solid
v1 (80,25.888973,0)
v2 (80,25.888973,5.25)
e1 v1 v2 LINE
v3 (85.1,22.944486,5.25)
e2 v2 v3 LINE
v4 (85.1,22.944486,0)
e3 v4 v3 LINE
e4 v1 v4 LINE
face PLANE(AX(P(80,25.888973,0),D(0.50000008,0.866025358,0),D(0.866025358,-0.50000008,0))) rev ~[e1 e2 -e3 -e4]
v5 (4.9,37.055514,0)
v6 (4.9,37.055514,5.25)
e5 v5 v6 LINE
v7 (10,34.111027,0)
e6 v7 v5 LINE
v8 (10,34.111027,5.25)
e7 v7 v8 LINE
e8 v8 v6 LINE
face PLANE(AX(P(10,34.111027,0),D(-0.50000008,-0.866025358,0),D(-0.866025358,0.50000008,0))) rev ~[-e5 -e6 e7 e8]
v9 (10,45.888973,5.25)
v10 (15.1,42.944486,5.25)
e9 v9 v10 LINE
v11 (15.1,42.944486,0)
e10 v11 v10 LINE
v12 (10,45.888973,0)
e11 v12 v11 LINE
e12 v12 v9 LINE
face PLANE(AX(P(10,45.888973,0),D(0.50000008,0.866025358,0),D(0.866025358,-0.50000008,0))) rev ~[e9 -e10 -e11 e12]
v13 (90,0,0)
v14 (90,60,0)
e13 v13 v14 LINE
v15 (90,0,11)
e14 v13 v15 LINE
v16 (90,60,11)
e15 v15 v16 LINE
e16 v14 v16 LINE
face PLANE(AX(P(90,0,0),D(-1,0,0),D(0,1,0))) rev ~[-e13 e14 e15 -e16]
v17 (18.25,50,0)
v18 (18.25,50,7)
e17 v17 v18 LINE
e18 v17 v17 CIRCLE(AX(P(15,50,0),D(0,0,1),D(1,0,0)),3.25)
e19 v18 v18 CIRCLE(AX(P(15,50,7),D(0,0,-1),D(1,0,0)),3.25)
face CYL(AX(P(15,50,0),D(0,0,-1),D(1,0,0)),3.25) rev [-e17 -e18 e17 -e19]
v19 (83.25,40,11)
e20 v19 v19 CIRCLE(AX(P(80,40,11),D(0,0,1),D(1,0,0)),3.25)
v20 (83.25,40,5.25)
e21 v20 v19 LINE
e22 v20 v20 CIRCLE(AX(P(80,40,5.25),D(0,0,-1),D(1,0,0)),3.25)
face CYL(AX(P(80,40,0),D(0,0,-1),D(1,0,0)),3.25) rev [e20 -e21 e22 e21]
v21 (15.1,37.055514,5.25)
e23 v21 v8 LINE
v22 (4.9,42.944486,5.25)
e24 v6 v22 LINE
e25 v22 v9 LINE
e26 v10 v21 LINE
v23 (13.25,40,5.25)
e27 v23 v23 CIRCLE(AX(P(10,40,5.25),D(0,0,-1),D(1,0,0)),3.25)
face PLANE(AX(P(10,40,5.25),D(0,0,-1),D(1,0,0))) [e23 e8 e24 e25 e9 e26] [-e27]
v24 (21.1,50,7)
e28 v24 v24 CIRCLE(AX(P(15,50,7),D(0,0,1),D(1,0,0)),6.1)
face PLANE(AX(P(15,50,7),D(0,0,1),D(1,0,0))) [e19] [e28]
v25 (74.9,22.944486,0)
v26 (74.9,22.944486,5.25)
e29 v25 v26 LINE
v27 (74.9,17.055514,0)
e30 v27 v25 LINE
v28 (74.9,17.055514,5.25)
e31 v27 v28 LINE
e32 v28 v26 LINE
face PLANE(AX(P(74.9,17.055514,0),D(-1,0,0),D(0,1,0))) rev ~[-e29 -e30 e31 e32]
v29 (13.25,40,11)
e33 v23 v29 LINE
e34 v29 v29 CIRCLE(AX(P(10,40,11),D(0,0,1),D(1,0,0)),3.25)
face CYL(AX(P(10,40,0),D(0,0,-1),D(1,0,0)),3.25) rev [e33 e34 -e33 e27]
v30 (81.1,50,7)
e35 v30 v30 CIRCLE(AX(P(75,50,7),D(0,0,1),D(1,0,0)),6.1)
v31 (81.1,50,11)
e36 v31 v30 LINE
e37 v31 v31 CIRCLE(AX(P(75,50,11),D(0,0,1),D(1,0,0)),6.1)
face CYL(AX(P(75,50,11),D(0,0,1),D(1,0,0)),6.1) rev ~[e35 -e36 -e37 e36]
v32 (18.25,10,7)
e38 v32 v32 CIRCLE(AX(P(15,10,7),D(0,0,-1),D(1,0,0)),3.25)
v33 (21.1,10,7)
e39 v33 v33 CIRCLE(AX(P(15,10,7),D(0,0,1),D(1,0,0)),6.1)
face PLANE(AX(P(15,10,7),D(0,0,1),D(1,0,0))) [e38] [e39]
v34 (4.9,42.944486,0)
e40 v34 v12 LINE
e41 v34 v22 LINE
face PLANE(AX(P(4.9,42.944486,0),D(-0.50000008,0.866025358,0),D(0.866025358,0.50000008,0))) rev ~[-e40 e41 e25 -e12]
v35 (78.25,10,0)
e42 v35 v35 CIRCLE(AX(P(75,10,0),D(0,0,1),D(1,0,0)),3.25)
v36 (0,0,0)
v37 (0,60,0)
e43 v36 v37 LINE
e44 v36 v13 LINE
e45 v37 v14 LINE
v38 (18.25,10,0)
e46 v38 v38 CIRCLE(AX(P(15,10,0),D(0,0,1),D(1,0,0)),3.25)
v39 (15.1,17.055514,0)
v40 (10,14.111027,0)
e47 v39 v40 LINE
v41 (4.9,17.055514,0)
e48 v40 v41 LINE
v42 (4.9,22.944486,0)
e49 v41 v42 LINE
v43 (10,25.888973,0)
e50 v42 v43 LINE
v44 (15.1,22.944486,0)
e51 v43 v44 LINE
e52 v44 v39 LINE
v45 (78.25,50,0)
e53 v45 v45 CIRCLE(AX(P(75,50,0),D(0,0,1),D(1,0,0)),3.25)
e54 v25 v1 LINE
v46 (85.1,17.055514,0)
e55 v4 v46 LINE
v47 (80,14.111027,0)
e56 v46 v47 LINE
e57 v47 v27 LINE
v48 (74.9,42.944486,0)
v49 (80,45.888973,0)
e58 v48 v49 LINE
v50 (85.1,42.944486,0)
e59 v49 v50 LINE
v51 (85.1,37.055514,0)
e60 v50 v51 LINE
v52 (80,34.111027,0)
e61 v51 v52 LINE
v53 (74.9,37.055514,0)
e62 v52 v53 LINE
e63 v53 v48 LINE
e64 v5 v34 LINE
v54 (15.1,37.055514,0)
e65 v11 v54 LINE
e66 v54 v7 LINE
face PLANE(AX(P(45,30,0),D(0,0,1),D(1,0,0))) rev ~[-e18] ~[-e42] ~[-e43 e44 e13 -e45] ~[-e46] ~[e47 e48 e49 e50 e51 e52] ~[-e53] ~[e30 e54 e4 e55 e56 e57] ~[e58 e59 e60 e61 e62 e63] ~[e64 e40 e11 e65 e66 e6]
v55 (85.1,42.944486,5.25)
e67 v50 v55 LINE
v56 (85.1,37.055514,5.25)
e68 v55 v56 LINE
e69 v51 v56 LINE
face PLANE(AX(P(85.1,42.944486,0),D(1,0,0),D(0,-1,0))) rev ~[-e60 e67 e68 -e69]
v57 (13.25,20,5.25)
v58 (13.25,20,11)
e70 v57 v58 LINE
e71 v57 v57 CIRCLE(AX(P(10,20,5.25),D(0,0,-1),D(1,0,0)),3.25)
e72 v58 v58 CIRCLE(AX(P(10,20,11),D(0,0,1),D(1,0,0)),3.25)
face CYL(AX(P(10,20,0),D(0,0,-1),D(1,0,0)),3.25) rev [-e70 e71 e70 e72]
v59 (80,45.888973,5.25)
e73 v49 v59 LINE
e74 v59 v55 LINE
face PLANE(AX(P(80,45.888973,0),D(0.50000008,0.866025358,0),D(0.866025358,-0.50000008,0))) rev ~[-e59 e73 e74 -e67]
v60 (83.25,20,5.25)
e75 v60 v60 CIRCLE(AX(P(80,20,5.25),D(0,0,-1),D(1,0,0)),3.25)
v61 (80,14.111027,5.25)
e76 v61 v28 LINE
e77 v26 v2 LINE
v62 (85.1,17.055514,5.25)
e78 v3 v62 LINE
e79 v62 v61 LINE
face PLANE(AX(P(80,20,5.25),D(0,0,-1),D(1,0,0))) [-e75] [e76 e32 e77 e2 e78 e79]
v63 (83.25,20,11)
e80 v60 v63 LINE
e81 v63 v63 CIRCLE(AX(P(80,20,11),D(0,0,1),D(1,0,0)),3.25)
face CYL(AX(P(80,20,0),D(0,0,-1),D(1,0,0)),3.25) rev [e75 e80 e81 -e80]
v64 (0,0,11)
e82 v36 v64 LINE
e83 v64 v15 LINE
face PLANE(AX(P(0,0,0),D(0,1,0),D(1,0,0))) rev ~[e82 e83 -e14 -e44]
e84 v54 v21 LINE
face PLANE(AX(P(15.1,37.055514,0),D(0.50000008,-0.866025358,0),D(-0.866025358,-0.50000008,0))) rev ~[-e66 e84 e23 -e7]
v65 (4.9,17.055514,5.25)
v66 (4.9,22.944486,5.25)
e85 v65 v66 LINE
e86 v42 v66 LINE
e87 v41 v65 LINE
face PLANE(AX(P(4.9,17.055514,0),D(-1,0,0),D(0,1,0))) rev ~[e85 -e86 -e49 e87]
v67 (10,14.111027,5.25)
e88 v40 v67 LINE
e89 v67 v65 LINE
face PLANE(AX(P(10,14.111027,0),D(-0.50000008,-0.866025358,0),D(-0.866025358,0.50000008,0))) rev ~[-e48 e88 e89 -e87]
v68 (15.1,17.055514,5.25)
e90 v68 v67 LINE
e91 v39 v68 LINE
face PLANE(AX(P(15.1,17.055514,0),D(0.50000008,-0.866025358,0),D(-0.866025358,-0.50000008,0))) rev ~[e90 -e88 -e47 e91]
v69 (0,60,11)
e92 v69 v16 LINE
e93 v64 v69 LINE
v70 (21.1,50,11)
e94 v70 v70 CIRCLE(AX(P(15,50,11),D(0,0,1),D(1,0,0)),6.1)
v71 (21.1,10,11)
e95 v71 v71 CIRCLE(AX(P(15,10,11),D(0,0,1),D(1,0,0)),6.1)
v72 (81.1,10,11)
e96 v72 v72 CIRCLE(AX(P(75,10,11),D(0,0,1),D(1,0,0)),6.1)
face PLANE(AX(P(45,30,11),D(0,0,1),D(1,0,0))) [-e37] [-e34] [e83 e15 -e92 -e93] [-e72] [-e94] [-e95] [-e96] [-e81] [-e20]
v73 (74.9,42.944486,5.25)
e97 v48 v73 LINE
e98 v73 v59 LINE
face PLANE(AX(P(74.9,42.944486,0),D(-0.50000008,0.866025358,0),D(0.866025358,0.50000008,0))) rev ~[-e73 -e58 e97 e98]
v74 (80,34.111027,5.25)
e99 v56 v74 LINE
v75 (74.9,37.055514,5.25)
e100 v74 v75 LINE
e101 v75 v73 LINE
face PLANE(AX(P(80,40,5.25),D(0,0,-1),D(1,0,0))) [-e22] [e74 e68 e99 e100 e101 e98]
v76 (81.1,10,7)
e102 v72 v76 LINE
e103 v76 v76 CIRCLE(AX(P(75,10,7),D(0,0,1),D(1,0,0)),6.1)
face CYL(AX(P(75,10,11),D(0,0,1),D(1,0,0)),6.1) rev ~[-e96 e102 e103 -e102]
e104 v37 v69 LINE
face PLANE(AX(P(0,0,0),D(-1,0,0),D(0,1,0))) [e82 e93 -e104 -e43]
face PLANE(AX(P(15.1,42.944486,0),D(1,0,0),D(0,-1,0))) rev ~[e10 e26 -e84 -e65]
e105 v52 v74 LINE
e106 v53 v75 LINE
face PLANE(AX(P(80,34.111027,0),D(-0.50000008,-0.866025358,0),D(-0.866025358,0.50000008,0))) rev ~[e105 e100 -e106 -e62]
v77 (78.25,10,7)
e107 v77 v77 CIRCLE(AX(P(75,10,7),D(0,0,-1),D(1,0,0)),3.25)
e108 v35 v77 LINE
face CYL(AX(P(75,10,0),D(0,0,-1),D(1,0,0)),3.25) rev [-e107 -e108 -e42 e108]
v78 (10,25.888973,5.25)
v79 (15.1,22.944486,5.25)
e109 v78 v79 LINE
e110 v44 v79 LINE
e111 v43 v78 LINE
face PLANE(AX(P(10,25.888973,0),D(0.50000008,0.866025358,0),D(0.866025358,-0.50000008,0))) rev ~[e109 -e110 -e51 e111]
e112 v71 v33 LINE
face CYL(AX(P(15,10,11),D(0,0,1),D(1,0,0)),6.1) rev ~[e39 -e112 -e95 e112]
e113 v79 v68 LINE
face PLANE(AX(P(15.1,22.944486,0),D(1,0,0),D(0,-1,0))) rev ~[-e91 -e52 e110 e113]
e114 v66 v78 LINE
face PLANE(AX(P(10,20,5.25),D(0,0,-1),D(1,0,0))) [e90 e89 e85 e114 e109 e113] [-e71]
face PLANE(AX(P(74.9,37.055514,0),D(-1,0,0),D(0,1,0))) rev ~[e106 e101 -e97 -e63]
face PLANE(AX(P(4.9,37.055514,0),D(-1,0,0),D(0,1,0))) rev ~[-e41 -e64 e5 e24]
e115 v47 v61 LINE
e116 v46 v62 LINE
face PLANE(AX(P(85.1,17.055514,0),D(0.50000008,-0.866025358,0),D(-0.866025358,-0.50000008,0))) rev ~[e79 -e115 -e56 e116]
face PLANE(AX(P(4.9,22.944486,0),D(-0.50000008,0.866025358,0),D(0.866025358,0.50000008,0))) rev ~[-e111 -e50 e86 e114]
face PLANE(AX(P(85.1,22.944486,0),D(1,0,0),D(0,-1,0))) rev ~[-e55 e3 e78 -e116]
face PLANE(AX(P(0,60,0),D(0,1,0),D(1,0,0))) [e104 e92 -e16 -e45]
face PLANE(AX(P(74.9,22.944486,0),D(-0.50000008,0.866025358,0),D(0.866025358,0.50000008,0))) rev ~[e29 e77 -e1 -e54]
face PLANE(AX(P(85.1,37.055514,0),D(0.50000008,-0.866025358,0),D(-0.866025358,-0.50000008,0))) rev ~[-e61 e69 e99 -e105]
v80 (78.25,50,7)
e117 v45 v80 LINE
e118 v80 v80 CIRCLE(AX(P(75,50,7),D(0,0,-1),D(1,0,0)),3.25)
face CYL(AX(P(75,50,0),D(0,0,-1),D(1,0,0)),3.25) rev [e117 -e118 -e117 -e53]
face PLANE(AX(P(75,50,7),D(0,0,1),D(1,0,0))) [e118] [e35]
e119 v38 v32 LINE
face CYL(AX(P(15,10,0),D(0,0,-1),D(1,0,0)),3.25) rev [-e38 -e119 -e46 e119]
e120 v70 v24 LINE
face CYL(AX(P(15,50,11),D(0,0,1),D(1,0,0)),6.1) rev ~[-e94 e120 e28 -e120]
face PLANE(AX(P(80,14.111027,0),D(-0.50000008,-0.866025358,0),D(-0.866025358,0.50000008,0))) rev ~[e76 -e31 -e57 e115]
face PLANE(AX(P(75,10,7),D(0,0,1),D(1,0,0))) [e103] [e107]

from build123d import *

# Parameters (mm, degrees)
SKETCH_W        = 90
SKETCH_H        = 60
SKETCH_R        = 3.25
PAD_DEPTH       = 11
SKETCH001_R     = 6.1
POCKET_DEPTH    = 4
POCKET001_DEPTH = 5.25


with BuildPart() as part:
    # Sketch → Pad (new body)
    with BuildSketch(Plane.XY):
        with Locations((45, 30)):
            Rectangle(SKETCH_W, SKETCH_H)
        with Locations((10, 40)):
            Circle(SKETCH_R, mode=Mode.SUBTRACT)
        with Locations((80, 40)):
            Circle(SKETCH_R, mode=Mode.SUBTRACT)
        with Locations((10, 20)):
            Circle(SKETCH_R, mode=Mode.SUBTRACT)
        with Locations((80, 20)):
            Circle(SKETCH_R, mode=Mode.SUBTRACT)
        with Locations((15, 50)):
            Circle(SKETCH_R, mode=Mode.SUBTRACT)
        with Locations((75, 50)):
            Circle(SKETCH_R, mode=Mode.SUBTRACT)
        with Locations((75, 10)):
            Circle(SKETCH_R, mode=Mode.SUBTRACT)
        with Locations((15, 10)):
            Circle(SKETCH_R, mode=Mode.SUBTRACT)
    extrude(amount=PAD_DEPTH)

    # Sketch001 (on Face14 of Pad) → Pocket (cut)
    with BuildSketch(Plane.XY.offset(11)):
        with Locations((15, 50)):
            Circle(SKETCH001_R)
        with Locations((75, 50)):
            Circle(SKETCH001_R)
        with Locations((75, 10)):
            Circle(SKETCH001_R)
        with Locations((15, 10)):
            Circle(SKETCH001_R)
    extrude(amount=-POCKET_DEPTH, mode=Mode.SUBTRACT)

    # Sketch002 (on Face4 of Pocket) → Pocket001 (cut)
    with BuildSketch(Plane(origin=(0, 0, 0), x_dir=(1, 0, 0), z_dir=(0, 0, -1))):
        Polygon((15.1, -17.055514), (10, -14.111027), (4.9, -17.055514), (4.9, -22.944486), (10, -25.888973), (15.1, -22.944486), align=None)
        Polygon((80, -14.111027), (74.9, -17.055514), (74.9, -22.944486), (80, -25.888973), (85.1, -22.944486), (85.1, -17.055514), align=None)
        Polygon((10, -34.111027), (4.9, -37.055514), (4.9, -42.944486), (10, -45.888973), (15.1, -42.944486), (15.1, -37.055514), align=None)
        Polygon((80, -34.111027), (74.9, -37.055514), (74.9, -42.944486), (80, -45.888973), (85.1, -42.944486), (85.1, -37.055514), align=None)
    extrude(amount=-POCKET001_DEPTH, mode=Mode.SUBTRACT)


solid = part.part
